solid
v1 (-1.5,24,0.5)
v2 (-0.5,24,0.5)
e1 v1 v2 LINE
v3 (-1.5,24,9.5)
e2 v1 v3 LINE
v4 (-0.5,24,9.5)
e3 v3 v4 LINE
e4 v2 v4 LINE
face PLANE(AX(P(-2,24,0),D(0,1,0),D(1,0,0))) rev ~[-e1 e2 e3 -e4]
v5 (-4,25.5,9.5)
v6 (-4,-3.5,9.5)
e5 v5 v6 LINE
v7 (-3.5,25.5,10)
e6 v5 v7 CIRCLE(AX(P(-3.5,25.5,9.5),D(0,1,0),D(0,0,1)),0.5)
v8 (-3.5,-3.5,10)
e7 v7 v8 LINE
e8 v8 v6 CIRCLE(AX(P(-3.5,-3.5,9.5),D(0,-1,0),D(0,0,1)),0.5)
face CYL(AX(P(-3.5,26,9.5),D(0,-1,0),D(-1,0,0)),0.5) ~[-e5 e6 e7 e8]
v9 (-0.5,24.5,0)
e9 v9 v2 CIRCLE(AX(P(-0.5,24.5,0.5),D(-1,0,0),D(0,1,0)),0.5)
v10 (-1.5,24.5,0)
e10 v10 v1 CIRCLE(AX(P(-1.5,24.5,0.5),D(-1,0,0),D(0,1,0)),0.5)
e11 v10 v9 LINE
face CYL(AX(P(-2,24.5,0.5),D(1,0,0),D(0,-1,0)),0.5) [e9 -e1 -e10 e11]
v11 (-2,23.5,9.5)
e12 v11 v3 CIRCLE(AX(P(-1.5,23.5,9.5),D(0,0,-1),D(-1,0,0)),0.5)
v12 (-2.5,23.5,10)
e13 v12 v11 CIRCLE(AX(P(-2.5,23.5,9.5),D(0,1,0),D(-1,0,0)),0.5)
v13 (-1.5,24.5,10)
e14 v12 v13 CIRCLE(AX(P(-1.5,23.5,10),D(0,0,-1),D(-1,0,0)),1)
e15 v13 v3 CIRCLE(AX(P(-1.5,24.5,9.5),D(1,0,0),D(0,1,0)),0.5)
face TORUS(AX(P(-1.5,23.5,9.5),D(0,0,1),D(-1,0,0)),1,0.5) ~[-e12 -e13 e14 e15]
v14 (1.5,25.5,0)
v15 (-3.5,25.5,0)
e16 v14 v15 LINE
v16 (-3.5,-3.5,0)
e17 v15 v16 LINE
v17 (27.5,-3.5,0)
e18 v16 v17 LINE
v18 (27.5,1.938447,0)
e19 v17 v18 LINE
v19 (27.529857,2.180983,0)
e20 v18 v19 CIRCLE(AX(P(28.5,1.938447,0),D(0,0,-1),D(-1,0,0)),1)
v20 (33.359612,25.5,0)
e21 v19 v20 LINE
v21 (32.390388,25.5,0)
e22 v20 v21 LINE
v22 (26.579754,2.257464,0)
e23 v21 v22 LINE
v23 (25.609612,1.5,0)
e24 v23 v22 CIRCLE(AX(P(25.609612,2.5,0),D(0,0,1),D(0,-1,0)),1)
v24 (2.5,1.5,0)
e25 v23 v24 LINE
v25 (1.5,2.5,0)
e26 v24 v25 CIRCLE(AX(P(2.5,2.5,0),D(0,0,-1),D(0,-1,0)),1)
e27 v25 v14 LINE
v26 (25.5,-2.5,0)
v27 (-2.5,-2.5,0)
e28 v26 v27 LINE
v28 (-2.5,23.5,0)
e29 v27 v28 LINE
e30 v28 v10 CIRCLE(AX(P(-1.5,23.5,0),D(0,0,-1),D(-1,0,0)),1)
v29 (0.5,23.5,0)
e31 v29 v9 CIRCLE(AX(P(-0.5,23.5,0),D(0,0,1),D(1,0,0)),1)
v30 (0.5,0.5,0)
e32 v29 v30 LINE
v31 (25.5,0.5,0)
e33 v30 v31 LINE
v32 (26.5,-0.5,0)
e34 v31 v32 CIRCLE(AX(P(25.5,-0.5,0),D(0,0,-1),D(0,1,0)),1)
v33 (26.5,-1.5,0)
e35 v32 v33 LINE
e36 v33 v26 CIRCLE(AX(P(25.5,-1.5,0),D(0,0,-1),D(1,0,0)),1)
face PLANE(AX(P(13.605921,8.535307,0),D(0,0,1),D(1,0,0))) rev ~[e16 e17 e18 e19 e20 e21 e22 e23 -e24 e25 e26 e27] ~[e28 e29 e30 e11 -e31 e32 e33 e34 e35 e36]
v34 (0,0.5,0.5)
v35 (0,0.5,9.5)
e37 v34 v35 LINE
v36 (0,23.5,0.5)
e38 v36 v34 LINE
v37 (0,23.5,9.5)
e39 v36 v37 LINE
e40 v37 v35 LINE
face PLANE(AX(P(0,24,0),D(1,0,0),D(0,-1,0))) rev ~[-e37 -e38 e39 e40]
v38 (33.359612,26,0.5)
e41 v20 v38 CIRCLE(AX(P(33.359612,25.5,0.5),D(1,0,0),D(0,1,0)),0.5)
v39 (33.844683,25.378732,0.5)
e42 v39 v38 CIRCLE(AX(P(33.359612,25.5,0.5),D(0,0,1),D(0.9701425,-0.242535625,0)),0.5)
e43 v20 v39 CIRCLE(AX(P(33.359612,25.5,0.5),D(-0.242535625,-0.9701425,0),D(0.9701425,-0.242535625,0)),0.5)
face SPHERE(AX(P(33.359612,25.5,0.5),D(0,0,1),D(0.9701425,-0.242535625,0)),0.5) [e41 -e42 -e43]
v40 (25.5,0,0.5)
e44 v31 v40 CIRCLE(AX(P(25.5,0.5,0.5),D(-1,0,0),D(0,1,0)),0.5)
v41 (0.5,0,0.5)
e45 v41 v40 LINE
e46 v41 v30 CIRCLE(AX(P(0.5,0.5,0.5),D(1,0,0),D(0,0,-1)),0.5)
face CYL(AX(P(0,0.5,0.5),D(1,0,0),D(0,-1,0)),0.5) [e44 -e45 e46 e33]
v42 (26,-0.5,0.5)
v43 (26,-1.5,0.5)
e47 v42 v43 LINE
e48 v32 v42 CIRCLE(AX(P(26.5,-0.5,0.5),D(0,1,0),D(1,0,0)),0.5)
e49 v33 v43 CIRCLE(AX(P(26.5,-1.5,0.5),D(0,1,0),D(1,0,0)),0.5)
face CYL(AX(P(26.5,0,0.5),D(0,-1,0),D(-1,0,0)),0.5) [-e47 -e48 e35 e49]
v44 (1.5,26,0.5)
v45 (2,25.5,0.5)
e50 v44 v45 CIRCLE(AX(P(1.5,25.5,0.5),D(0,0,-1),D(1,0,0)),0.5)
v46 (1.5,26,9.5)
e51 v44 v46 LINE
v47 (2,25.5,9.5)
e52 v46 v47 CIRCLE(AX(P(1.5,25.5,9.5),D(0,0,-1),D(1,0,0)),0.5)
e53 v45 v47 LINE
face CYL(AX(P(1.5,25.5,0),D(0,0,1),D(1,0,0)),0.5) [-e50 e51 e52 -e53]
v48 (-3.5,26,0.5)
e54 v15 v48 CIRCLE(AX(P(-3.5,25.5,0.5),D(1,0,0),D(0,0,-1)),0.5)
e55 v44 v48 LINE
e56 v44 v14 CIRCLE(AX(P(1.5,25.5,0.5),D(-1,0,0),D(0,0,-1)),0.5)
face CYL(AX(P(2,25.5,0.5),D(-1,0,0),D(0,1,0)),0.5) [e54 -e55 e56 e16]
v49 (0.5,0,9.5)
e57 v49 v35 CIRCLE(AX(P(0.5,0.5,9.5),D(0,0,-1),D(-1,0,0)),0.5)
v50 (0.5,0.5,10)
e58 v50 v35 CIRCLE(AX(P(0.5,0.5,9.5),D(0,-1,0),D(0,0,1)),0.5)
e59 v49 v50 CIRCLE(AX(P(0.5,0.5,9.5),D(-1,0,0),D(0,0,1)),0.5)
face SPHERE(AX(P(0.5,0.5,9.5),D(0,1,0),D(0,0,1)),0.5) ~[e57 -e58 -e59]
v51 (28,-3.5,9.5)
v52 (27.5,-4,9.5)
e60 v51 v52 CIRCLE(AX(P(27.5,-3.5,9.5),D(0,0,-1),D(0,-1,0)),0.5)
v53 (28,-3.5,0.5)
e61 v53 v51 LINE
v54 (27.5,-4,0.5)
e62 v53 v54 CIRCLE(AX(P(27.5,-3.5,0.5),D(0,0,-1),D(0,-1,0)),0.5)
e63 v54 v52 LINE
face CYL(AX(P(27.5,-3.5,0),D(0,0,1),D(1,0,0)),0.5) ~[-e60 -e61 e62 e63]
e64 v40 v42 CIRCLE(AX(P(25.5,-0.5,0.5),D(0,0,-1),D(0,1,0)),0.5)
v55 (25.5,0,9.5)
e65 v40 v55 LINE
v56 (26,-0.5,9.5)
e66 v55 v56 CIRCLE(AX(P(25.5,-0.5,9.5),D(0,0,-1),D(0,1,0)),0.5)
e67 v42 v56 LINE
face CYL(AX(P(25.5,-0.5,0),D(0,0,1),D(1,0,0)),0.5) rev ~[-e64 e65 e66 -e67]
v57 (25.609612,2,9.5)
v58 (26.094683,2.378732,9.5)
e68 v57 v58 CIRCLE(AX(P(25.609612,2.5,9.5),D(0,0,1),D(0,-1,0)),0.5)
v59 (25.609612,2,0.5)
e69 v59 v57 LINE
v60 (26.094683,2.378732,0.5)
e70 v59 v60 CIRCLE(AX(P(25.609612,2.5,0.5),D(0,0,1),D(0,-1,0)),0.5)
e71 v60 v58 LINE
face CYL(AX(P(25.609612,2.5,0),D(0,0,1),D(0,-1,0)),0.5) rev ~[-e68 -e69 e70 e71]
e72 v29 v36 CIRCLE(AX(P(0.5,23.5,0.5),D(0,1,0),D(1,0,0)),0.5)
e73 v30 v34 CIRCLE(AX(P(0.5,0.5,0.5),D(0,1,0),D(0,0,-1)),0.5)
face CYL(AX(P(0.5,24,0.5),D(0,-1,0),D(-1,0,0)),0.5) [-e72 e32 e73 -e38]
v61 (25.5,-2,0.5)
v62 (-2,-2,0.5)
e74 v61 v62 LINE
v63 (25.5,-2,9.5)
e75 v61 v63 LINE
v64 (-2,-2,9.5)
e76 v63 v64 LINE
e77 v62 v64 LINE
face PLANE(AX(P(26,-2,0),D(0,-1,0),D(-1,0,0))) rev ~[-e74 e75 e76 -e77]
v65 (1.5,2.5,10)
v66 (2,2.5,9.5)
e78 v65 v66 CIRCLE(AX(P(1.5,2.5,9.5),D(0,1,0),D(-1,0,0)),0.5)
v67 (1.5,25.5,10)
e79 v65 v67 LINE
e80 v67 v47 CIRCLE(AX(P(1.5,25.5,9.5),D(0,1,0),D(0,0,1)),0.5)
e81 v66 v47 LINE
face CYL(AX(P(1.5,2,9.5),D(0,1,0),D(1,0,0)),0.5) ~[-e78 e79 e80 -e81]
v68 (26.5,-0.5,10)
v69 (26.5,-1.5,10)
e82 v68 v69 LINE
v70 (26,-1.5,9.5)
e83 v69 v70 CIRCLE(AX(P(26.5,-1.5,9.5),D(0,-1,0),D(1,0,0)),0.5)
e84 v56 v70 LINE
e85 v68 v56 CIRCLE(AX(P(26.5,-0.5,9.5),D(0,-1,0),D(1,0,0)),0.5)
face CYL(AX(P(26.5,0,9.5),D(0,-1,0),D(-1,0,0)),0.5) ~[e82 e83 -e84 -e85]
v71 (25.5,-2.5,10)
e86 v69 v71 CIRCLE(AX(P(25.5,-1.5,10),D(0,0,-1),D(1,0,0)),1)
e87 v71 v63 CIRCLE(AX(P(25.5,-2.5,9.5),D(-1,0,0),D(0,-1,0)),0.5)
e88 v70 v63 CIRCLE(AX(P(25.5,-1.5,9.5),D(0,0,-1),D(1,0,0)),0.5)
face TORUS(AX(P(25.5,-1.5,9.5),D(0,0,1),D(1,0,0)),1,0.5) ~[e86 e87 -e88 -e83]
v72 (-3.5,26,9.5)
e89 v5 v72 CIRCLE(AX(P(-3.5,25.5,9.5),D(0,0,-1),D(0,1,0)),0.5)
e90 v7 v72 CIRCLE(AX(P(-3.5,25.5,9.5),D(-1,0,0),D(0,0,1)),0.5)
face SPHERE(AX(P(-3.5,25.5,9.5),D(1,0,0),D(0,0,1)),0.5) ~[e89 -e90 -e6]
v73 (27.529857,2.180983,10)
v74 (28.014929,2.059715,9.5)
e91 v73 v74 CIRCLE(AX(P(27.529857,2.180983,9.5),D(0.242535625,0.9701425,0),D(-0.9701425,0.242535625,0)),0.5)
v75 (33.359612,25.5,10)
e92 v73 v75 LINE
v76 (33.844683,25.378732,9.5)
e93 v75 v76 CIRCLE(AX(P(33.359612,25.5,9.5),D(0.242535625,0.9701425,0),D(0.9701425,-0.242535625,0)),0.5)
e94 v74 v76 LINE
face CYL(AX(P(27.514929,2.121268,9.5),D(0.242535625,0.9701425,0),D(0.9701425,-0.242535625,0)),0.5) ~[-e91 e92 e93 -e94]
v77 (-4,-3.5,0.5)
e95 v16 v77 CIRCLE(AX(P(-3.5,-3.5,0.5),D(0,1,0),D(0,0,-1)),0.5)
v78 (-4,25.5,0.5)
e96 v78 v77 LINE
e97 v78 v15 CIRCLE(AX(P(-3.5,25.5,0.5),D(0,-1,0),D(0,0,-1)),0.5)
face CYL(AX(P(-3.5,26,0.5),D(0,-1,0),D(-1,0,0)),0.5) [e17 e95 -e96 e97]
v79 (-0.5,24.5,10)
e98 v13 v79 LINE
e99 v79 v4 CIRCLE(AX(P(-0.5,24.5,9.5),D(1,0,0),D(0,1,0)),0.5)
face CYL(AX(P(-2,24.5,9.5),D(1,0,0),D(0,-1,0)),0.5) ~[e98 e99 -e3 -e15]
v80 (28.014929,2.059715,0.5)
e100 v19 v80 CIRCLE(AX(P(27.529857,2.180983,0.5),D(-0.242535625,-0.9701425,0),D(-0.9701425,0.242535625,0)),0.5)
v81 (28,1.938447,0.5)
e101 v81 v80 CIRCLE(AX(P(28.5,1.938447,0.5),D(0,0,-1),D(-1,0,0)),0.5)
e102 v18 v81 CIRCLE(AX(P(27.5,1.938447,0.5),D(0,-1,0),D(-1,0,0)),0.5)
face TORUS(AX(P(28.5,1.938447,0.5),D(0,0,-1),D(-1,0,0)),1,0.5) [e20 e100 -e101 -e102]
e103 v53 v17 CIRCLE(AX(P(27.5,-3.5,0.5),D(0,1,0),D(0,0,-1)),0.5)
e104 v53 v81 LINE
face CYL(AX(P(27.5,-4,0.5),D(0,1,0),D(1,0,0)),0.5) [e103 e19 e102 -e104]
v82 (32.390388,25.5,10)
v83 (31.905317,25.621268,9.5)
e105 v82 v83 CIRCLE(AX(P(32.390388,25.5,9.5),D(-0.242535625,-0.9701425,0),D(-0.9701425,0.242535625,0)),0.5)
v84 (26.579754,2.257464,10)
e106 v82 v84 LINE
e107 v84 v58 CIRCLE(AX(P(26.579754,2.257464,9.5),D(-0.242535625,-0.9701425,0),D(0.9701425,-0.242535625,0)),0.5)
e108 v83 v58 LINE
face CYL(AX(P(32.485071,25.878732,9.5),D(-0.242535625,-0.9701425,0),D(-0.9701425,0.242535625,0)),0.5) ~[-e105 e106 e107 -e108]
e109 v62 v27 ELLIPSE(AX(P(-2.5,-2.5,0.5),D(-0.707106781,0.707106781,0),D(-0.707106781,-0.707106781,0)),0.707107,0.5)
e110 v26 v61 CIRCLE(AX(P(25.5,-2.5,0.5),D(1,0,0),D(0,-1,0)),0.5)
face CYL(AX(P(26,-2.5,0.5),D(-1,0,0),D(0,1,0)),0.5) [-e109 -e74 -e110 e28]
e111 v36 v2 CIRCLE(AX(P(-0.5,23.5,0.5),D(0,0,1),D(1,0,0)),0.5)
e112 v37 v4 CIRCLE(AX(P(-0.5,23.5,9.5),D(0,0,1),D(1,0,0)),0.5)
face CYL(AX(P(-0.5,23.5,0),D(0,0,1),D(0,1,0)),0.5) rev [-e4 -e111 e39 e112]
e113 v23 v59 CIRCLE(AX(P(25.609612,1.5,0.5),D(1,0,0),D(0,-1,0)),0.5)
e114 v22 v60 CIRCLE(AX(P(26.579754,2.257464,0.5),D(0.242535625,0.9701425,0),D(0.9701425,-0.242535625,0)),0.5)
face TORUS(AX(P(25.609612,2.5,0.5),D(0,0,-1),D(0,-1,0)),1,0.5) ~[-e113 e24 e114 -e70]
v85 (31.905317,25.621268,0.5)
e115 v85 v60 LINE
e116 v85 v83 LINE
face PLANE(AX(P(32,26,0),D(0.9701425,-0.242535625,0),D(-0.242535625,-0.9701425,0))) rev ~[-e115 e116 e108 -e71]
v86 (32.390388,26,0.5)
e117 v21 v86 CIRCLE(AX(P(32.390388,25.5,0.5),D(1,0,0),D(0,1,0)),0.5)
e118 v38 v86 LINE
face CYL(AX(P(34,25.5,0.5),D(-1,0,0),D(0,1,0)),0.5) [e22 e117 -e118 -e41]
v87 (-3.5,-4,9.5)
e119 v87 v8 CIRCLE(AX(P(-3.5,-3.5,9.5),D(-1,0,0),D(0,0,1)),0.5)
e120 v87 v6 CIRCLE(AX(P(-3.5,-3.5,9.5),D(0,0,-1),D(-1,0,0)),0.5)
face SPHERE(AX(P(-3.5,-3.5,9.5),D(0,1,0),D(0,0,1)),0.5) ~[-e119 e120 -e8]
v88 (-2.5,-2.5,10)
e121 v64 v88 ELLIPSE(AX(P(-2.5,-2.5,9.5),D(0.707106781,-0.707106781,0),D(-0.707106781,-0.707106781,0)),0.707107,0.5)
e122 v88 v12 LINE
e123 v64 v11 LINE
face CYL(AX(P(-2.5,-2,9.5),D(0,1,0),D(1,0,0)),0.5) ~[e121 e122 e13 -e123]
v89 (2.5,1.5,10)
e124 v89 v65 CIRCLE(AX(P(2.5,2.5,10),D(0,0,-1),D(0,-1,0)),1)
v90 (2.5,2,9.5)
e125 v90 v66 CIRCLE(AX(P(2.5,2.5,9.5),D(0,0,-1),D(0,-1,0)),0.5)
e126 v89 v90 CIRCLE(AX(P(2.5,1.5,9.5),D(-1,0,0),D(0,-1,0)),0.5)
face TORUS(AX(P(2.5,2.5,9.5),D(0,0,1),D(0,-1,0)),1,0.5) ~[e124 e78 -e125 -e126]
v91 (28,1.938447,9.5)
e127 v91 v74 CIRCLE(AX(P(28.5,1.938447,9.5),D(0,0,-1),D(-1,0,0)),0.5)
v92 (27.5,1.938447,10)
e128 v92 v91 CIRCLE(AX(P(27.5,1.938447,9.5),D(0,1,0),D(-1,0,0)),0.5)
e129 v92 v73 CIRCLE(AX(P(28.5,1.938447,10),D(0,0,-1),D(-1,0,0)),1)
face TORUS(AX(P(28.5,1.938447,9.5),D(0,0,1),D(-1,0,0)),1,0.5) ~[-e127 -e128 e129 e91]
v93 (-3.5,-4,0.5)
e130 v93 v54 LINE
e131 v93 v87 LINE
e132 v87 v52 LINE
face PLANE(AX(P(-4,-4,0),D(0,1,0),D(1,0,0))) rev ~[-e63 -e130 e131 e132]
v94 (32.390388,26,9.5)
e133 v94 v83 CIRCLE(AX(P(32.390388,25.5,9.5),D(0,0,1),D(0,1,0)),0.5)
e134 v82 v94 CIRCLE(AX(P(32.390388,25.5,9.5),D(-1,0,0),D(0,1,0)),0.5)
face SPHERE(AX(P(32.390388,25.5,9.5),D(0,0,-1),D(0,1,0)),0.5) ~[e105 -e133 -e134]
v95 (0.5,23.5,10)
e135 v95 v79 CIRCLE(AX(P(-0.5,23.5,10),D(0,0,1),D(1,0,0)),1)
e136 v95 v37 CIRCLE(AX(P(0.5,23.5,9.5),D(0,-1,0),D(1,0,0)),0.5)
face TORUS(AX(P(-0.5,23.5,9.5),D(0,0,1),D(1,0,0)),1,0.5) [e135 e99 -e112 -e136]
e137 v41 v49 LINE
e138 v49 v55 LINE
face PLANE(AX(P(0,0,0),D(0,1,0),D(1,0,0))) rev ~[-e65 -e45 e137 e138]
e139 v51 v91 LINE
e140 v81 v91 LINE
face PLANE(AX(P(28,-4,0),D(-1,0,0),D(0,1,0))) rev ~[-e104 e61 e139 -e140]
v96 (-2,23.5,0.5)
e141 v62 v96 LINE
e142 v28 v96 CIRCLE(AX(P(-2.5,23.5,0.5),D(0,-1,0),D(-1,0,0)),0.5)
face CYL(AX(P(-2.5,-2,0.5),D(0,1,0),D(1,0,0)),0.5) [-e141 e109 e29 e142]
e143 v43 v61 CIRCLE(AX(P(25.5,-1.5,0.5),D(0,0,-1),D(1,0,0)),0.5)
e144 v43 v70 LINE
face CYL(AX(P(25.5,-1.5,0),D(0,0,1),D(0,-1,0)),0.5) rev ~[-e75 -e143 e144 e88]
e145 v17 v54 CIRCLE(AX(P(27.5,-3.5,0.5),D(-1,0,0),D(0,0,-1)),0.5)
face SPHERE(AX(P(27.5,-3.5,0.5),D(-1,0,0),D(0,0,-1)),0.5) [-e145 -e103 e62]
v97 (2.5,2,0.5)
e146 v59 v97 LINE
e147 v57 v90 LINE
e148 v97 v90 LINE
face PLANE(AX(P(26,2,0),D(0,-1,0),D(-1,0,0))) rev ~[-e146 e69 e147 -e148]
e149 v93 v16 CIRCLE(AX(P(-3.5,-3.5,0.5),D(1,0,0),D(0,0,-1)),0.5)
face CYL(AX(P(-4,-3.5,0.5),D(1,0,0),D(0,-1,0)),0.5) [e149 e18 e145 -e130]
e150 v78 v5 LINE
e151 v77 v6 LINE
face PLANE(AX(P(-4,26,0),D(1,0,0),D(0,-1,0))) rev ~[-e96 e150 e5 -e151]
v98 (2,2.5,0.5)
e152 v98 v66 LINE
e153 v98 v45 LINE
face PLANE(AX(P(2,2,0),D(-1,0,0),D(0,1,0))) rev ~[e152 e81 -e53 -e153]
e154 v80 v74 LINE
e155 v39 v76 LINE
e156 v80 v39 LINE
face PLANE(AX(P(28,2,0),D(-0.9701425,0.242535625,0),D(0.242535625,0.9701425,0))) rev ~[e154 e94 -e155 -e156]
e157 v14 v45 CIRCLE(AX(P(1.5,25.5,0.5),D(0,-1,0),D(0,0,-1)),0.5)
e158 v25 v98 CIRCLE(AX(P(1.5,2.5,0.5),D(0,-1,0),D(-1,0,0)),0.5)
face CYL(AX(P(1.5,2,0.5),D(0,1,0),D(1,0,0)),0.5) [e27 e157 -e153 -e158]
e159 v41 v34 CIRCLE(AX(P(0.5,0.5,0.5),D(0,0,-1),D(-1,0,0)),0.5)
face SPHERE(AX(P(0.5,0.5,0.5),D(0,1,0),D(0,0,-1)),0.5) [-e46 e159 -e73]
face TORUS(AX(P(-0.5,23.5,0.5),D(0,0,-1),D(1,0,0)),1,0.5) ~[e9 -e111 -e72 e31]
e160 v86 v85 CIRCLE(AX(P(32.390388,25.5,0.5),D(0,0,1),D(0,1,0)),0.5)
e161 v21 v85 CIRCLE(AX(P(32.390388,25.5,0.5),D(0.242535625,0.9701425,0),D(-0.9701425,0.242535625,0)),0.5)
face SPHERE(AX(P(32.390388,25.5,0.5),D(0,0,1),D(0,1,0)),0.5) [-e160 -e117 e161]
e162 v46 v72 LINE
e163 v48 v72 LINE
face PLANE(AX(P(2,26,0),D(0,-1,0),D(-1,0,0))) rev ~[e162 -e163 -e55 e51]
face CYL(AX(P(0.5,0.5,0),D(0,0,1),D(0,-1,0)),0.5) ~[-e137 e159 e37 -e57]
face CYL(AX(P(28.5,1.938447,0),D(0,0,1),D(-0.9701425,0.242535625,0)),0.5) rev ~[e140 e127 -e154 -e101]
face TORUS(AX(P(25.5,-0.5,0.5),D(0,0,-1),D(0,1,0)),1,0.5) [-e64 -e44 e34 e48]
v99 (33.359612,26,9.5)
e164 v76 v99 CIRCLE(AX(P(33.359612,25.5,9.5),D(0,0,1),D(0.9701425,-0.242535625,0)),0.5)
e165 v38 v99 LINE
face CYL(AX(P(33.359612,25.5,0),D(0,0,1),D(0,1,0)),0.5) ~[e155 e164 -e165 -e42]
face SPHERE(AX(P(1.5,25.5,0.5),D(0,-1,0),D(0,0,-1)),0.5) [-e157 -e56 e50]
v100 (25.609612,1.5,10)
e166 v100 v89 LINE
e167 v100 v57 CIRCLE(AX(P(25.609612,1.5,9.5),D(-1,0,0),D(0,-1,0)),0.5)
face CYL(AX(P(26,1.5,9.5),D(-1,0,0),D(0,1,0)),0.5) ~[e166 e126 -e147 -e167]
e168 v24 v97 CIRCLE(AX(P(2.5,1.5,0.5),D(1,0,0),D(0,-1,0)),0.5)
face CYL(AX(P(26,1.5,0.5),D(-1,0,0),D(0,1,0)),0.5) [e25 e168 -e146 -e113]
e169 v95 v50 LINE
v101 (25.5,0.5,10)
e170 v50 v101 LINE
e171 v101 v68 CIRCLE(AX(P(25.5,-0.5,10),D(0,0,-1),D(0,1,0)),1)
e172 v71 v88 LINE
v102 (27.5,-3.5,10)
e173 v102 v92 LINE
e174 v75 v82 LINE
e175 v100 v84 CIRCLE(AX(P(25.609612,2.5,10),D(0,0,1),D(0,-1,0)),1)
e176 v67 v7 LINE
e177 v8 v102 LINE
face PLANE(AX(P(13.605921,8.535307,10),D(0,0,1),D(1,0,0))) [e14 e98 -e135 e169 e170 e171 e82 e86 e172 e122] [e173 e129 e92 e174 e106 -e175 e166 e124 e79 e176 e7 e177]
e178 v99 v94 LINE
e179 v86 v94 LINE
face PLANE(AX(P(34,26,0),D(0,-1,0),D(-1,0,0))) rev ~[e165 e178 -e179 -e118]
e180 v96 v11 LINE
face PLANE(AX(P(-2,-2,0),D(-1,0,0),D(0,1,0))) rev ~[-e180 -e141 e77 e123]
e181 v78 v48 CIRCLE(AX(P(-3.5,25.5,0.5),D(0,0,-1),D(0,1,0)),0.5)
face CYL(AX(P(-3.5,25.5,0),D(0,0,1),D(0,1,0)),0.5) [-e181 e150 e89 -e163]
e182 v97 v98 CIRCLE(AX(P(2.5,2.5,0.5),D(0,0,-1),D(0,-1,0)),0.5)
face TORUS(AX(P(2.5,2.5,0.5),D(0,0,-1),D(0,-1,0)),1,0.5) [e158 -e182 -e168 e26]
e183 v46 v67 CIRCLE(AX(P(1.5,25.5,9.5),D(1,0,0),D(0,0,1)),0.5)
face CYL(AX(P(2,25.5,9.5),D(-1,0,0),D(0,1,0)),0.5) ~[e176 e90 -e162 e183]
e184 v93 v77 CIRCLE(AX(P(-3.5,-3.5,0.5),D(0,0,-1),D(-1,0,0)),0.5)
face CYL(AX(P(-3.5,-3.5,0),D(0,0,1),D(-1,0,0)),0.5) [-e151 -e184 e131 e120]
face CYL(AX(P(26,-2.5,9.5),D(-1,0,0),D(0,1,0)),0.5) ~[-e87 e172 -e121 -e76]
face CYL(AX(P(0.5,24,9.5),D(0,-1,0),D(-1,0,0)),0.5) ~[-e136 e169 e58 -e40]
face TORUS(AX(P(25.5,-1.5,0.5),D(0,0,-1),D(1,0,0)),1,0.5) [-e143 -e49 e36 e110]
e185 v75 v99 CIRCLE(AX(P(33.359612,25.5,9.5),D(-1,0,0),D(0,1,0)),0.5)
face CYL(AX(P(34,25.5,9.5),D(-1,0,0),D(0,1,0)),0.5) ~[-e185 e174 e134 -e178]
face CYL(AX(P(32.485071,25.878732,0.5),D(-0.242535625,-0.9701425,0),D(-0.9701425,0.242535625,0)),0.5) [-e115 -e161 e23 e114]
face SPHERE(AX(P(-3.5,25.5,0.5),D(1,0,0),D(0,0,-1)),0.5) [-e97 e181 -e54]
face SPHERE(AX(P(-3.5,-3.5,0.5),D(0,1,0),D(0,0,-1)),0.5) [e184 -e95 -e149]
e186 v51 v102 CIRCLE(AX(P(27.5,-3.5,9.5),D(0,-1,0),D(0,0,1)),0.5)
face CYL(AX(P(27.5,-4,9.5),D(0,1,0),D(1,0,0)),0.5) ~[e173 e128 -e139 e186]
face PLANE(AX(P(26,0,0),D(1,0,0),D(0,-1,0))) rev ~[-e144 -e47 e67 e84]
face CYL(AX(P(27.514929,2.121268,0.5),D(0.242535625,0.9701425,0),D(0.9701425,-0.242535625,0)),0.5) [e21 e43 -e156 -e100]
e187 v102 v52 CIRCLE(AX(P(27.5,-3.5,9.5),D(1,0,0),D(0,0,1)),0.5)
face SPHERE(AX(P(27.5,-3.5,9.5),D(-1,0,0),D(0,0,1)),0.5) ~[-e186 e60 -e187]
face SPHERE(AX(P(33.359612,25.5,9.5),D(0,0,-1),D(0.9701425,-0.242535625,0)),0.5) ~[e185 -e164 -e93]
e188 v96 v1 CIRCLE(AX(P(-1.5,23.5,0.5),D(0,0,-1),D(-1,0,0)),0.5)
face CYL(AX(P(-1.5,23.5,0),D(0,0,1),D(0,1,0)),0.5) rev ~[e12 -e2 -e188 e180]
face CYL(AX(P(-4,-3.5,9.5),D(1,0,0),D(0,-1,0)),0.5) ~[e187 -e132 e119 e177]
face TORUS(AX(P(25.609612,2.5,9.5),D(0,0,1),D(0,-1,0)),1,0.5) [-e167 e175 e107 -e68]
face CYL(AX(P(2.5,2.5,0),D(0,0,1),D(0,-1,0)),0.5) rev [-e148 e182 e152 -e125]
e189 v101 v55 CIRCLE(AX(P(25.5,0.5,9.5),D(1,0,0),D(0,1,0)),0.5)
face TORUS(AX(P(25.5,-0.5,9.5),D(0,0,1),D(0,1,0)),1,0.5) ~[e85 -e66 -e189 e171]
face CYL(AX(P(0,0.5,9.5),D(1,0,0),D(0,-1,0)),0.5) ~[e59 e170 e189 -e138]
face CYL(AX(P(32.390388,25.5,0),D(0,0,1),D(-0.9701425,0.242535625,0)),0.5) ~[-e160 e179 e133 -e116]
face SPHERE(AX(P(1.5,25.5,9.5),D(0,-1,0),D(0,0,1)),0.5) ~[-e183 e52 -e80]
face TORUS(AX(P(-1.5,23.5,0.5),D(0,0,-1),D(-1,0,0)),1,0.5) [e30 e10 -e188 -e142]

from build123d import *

# Parameters (mm, degrees)
F1_DEPTH = 10
F2_R     = 0.5


with BuildPart() as f1:
    # F0 (on Top) → F1 (new body)
    with BuildSketch(Plane.XY):
        Polygon((26, 2), (2, 2), (2, 26), (-4, 26), (-4, -4), (28, -4), (28, 2), (34, 26), (32, 26), align=None)
        Polygon((0, 24), (0, 0), (26, 0), (26, -2), (-2, -2), (-2, 24), align=None, mode=Mode.SUBTRACT)
    extrude(amount=F1_DEPTH)

    # F2
    f2_edges = [f1.edges().sort_by_distance(p)[0] for p in [
        (14, 2, 10),
        (2, 14, 10),
        (-1, 26, 10),
        (-4, 11, 10),
        (12, -4, 10),
        (28, -1, 10),
        (31, 14, 10),
        (33, 26, 10),
        (29, 14, 10),
        (0, 12, 10),
        (13, 0, 10),
        (26, -1, 10),
        (12, -2, 10),
        (-2, 11, 10),
        (-1, 24, 10),
        (14, 2, 0),
        (2, 14, 0),
        (-1, 26, 0),
        (-4, 11, 0),
        (12, -4, 0),
        (28, -1, 0),
        (31, 14, 0),
        (33, 26, 0),
        (29, 14, 0),
        (0, 12, 0),
        (13, 0, 0),
        (26, -1, 0),
        (12, -2, 0),
        (-2, 11, 0),
        (-1, 24, 0),
        (26, 2, 5),
        (2, 2, 5),
        (2, 26, 5),
        (-4, 26, 5),
        (32, 26, 5),
        (34, 26, 5),
        (-4, -4, 5),
        (28, -4, 5),
        (28, 2, 5),
        (0, 24, 5),
        (0, 0, 5),
        (26, 0, 5),
        (26, -2, 5),
        (-2, 24, 5),
    ]]
    fillet(f2_edges, radius=F2_R)


solid = f1.part
